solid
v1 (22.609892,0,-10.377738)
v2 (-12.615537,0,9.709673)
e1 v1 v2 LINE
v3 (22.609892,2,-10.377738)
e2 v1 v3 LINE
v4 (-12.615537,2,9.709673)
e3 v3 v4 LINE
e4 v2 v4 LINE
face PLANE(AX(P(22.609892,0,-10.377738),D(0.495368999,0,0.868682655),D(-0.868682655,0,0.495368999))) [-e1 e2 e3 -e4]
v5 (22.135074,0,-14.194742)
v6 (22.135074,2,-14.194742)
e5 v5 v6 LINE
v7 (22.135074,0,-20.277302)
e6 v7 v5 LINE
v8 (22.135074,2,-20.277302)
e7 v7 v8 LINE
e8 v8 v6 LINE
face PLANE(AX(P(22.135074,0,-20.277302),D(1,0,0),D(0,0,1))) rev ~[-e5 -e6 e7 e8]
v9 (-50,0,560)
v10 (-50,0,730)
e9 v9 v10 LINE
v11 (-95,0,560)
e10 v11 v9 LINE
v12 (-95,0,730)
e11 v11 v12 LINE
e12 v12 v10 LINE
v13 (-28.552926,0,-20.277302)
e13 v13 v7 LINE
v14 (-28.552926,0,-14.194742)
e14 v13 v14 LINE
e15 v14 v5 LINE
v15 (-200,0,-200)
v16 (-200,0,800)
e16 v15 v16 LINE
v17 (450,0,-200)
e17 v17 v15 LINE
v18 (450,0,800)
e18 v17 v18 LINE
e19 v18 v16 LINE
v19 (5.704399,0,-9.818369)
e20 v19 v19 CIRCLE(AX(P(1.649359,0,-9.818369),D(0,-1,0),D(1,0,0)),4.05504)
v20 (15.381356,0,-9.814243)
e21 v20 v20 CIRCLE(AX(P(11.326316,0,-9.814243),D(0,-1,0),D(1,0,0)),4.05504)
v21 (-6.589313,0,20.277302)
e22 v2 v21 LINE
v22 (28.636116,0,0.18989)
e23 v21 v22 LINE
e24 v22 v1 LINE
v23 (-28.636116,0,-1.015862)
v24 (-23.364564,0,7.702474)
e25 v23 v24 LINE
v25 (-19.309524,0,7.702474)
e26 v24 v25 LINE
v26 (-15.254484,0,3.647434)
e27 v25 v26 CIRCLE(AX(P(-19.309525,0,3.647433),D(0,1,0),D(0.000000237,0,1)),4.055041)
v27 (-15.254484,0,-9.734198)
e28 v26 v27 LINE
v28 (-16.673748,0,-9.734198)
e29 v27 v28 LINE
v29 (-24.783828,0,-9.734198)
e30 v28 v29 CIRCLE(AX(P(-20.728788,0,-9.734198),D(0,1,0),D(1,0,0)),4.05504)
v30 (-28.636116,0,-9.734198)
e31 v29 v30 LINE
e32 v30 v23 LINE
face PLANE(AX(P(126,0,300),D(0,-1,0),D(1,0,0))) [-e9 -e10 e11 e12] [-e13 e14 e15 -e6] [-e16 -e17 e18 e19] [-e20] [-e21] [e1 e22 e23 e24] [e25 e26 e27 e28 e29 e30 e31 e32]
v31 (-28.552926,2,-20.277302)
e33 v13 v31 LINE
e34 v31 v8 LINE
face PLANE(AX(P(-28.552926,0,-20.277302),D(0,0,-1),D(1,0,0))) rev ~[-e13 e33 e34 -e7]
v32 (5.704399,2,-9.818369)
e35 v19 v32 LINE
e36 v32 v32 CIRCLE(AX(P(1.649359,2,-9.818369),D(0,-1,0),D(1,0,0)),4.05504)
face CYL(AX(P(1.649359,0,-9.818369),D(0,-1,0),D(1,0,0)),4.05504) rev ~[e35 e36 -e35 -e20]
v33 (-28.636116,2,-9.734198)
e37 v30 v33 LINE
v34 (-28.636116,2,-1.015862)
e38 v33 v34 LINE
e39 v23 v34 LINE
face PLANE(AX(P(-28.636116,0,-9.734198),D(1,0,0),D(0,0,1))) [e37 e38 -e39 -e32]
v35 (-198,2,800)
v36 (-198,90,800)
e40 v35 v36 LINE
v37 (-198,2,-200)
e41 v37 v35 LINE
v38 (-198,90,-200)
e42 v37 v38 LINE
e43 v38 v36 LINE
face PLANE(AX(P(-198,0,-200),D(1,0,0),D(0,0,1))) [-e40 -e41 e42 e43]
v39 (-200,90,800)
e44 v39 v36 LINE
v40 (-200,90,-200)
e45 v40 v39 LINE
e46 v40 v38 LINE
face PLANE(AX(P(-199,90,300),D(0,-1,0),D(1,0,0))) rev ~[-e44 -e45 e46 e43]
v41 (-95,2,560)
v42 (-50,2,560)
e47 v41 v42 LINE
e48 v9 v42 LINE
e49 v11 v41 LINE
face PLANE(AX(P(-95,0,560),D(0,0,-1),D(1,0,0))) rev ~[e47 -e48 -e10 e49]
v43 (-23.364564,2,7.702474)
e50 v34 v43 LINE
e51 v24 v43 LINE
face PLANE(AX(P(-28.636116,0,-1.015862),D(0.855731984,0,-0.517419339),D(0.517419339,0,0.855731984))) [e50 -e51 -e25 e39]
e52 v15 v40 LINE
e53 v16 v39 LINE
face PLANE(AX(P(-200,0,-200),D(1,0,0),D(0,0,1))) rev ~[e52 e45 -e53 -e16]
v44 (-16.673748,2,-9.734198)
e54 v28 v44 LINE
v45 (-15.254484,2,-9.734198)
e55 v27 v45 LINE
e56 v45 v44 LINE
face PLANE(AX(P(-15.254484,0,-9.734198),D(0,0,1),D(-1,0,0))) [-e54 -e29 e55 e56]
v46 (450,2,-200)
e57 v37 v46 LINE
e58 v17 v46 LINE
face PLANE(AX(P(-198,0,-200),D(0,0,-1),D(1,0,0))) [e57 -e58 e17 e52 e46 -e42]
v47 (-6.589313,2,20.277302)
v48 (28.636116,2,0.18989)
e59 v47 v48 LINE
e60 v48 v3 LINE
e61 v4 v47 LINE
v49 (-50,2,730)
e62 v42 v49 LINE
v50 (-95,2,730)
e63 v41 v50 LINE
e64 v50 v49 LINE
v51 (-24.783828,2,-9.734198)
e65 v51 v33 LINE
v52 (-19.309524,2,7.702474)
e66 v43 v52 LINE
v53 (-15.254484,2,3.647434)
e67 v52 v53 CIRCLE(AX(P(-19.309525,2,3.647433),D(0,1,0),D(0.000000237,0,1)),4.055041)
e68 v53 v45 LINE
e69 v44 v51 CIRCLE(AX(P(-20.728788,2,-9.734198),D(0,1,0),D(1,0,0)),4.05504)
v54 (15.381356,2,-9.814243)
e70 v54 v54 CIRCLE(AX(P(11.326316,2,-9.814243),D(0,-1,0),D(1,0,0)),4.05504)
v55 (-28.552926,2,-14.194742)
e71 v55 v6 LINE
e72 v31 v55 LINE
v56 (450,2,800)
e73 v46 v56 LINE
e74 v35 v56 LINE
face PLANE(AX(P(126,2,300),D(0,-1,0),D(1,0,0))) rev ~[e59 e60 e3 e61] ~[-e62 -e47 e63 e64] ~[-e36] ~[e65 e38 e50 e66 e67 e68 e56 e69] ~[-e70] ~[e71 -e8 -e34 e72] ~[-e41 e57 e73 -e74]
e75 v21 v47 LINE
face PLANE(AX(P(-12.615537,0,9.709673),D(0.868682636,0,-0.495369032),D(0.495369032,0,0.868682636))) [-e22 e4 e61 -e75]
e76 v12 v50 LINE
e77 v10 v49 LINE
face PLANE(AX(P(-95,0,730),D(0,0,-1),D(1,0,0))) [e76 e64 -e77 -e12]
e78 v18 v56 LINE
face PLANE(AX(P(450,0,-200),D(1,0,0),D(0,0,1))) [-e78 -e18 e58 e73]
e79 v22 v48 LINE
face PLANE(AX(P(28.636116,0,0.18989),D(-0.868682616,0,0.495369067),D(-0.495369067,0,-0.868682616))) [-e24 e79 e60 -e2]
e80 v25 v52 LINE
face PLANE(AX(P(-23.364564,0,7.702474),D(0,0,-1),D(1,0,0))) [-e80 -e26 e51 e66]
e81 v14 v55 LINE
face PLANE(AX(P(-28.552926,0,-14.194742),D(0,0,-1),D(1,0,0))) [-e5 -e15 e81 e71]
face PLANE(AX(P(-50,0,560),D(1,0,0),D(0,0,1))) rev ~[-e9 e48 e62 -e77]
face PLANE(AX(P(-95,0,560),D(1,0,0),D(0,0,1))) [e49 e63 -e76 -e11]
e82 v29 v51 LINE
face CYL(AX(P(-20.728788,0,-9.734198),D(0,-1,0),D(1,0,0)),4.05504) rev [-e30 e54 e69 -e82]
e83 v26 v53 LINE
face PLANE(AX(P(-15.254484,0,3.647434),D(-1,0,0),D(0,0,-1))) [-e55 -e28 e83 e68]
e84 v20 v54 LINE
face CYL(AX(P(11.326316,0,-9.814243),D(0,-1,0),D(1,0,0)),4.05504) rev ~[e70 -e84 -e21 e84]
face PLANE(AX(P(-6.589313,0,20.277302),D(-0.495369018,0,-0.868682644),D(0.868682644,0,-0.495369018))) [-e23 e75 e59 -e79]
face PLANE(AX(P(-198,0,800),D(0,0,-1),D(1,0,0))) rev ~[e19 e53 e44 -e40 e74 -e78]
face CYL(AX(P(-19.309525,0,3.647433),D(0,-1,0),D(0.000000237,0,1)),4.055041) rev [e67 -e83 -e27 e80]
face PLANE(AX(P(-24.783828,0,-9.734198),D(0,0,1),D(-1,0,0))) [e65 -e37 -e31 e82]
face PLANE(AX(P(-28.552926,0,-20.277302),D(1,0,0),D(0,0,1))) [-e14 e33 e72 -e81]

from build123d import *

# Parameters (mm, degrees)
F0_W     = 2
F0_H     = 1000
F1_DEPTH = 90
F0_W_2   = 648
F0_W_3   = 50.688
F0_H_2   = 6.08256
F0_R     = 4.05504
F0_W_4   = 45
F0_H_3   = 170
F2_DEPTH = 2


with BuildPart() as f1:
    # F0 (on Front) → F1 (new body)
    with BuildSketch(Plane.XZ):
        with Locations((-199, 300)):
            Rectangle(F0_W, F0_H)
    extrude(amount=-F1_DEPTH)

    # F0 (on Front) → F2 (join)
    with BuildSketch(Plane.XZ):
        with Locations((126, 300)):
            Rectangle(F0_W_2, F0_H)
        with Locations((-3.208926, -17.236022)):
            Rectangle(F0_W_3, F0_H_2, mode=Mode.SUBTRACT)
        with BuildLine():
            Line((-28.636116, -9.734198), (-28.636116, -1.015862))
            Line((-28.636116, -1.015862), (-23.364564, 7.702474))
            Line((-23.364564, 7.702474), (-19.309524, 7.702474))
            ThreePointArc((-19.309524, 7.702474), (-16.442178, 6.51478), (-15.254484, 3.647434))
            Line((-15.254484, 3.647434), (-15.254484, -9.734198))
            Line((-15.254484, -9.734198), (-16.673748, -9.734198))
            ThreePointArc((-16.673748, -9.734198), (-20.728788, -13.789238), (-24.783828, -9.734198))
            Line((-24.783828, -9.734198), (-28.636116, -9.734198))
        make_face(mode=Mode.SUBTRACT)
        with Locations((1.649359, -9.818369)):
            Circle(F0_R, mode=Mode.SUBTRACT)
        with Locations((11.326316, -9.814243)):
            Circle(F0_R, mode=Mode.SUBTRACT)
        Polygon((22.609892, -10.377738), (-12.615537, 9.709673), (-6.589313, 20.277302), (28.636116, 0.18989), align=None, mode=Mode.SUBTRACT)
        with Locations((-72.5, 645)):
            Rectangle(F0_W_4, F0_H_3, mode=Mode.SUBTRACT)
    extrude(amount=-F2_DEPTH)


solid = f1.part
